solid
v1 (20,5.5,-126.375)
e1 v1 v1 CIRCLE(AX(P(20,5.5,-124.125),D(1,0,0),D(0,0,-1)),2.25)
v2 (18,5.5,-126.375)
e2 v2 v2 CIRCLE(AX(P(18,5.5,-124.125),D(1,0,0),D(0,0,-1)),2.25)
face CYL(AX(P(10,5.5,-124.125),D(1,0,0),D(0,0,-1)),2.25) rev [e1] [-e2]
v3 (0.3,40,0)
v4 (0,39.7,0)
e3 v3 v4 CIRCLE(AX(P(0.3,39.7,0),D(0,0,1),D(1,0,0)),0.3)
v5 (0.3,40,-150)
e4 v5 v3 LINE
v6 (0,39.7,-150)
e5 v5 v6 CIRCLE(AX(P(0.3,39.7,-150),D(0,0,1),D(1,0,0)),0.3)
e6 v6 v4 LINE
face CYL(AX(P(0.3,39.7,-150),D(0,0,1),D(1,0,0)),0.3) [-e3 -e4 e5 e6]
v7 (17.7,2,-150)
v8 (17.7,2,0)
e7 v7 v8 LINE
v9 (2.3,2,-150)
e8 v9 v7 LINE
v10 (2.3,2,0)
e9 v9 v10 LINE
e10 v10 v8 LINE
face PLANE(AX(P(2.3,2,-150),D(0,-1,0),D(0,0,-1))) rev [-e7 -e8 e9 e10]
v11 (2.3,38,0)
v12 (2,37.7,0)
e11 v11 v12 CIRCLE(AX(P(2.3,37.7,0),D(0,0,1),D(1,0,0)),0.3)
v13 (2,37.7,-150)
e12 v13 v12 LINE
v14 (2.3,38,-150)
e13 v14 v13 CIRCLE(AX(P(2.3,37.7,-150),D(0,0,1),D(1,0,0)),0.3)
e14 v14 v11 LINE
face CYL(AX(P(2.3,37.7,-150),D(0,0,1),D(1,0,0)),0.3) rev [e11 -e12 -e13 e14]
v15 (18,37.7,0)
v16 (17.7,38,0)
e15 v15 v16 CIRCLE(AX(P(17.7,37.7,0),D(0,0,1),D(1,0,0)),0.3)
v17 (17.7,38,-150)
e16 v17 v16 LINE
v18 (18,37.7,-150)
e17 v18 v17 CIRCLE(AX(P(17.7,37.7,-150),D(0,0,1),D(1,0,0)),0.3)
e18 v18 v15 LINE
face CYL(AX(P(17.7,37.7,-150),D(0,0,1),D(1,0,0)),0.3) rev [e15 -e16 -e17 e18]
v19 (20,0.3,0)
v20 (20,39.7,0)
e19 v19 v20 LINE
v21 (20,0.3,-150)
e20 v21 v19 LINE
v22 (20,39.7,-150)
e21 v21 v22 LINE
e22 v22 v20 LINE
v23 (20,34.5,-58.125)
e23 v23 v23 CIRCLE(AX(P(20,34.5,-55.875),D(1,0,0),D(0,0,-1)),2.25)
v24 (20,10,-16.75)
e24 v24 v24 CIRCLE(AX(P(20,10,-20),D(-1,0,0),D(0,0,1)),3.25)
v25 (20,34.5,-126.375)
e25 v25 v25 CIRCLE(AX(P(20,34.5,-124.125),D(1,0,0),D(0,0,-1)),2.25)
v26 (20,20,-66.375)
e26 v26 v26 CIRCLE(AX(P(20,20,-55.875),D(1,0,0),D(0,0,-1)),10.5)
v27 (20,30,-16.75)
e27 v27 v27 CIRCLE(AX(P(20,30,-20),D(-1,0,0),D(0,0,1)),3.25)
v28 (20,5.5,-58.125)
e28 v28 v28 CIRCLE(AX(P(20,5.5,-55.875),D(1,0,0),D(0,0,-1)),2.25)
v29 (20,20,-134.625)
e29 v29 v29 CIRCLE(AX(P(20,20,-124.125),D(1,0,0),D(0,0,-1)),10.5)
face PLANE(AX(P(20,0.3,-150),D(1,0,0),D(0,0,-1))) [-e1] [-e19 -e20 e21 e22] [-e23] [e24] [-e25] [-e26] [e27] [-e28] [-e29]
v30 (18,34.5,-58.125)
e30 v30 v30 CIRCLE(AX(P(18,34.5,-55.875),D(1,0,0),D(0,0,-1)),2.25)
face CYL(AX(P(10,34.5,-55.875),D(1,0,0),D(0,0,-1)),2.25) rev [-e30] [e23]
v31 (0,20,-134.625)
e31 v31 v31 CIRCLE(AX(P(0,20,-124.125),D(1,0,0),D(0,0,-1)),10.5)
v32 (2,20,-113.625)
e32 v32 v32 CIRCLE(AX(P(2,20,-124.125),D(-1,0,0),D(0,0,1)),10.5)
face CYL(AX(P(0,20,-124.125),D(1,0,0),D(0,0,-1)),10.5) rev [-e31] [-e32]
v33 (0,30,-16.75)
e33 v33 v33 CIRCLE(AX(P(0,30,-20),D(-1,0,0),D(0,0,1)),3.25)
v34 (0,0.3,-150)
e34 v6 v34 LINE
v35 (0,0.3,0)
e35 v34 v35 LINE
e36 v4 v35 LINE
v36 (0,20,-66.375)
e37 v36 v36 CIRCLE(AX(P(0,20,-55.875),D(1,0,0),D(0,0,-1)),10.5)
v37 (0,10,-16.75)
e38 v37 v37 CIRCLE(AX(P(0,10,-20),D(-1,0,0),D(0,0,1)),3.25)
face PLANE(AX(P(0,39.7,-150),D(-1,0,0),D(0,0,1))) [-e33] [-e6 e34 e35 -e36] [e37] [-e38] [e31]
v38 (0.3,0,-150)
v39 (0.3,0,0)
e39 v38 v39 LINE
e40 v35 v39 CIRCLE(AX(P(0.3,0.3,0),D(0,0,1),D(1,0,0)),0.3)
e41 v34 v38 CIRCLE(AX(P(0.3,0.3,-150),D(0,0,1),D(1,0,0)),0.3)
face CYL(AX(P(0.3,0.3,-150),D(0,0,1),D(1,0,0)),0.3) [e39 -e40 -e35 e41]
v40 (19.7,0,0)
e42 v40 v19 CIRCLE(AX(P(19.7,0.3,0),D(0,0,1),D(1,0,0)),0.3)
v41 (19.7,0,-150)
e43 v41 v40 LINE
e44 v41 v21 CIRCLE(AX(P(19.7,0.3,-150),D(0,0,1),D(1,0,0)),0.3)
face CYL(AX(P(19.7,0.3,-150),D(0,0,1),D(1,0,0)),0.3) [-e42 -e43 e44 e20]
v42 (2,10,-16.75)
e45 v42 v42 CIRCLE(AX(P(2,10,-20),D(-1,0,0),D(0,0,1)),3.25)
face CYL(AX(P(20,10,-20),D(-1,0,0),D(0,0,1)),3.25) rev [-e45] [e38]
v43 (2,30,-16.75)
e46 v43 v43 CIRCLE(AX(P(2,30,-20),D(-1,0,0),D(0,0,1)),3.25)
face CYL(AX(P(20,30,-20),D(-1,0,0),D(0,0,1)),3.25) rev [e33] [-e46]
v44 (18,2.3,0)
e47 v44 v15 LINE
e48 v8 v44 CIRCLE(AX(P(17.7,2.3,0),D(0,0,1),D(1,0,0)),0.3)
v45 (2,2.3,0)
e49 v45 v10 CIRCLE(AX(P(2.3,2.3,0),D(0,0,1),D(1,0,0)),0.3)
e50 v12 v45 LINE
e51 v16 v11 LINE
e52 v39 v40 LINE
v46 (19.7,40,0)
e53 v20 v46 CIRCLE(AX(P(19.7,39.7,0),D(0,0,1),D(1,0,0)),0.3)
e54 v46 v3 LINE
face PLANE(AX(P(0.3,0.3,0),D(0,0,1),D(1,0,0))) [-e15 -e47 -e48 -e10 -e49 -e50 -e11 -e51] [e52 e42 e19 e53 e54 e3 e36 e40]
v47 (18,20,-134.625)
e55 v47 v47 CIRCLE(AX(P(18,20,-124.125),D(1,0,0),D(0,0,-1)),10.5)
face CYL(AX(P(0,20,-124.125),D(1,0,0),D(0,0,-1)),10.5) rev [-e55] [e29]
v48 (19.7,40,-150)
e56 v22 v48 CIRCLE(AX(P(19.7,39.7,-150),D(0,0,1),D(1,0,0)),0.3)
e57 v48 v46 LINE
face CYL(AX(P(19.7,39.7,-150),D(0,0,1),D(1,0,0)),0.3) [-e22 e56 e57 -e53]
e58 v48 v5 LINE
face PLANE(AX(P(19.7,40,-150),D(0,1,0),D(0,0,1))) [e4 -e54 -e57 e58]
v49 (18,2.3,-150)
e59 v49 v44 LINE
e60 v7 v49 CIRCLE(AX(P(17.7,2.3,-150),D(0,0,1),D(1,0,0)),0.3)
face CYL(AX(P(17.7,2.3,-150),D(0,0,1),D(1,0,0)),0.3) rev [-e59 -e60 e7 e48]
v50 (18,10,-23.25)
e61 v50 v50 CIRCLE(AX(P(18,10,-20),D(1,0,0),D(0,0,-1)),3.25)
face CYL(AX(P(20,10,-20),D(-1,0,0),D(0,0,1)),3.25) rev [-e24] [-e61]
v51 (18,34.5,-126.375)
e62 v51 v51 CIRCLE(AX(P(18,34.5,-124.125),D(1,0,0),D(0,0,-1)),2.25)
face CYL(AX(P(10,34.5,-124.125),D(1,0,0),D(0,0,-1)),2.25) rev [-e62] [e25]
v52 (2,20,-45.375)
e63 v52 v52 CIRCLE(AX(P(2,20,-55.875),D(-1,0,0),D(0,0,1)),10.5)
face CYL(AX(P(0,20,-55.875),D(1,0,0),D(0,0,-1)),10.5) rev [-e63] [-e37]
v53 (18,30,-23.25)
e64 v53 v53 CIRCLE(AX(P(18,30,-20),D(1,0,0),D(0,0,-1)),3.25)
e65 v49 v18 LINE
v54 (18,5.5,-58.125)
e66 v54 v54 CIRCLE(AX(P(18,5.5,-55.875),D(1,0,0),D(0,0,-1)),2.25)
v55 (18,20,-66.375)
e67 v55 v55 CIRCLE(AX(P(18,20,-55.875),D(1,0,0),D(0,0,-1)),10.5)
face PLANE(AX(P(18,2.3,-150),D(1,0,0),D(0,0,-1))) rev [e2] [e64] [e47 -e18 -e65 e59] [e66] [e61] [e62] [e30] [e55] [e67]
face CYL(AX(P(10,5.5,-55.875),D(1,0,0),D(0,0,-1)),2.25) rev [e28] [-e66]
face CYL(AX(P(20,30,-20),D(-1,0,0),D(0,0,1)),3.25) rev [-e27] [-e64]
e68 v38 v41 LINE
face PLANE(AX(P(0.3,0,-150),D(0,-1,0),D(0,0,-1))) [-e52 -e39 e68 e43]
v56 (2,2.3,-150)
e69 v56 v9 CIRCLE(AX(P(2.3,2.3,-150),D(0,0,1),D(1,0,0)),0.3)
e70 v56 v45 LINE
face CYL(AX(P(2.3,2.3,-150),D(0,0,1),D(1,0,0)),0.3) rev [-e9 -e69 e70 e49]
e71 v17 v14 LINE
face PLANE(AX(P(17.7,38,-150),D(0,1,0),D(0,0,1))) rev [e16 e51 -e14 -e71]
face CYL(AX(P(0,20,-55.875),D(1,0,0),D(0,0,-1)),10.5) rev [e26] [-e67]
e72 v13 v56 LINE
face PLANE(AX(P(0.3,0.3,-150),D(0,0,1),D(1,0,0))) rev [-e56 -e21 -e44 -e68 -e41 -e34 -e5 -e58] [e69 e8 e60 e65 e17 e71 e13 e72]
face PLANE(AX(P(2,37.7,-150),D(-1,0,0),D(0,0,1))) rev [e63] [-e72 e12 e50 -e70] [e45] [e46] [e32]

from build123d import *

# Parameters (mm, degrees)
EXTRUDE_1_DEPTH     = 150
SKETCH_2_R          = 3.25
CUT_EXTRUDE_1_DEPTH = 157.524758425
SKETCH_3_R          = 10.5
CUT_EXTRUDE_2_DEPTH = 157.524758425
SKETCH_4_R          = 10.5
CUT_EXTRUDE_3_DEPTH = 157.524758425
SKETCH_5_R          = 2.25
CUT_EXTRUDE_4_DEPTH = 10
SKETCH_5_4_R        = 2.25
CUT_EXTRUDE_5_DEPTH = 10


with BuildPart() as part:
    # ｽｹｯﾁ1 → ﾎﾞｽ - 押し出し1 (new body)
    with BuildSketch(Plane.XY):
        with BuildLine():
            Line((0.3, 0), (19.7, 0))
            ThreePointArc((19.7, 0), (19.912132034, 0.087867966), (20, 0.3))
            Line((20, 0.3), (20, 39.7))
            ThreePointArc((20, 39.7), (19.912132034, 39.912132034), (19.7, 40))
            Line((19.7, 40), (0.3, 40))
            ThreePointArc((0.3, 40), (0.087867966, 39.912132034), (0, 39.7))
            Line((0, 39.7), (0, 0.3))
            ThreePointArc((0, 0.3), (0.087867966, 0.087867966), (0.3, 0))
        make_face()
        with BuildLine():
            Line((2.3, 2), (17.7, 2))
            ThreePointArc((17.7, 2), (17.912132034, 2.087867966), (18, 2.3))
            Line((18, 2.3), (18, 37.7))
            ThreePointArc((18, 37.7), (17.912132034, 37.912132034), (17.7, 38))
            Line((17.7, 38), (2.3, 38))
            ThreePointArc((2.3, 38), (2.087867966, 37.912132034), (2, 37.7))
            Line((2, 37.7), (2, 2.3))
            ThreePointArc((2, 2.3), (2.087867966, 2.087867966), (2.3, 2))
        make_face(mode=Mode.SUBTRACT)
    extrude(amount=-EXTRUDE_1_DEPTH)

    # ｽｹｯﾁ2 → ｶｯﾄ - 押し出し1 (cut, through all)
    with BuildSketch(Plane.ZY):
        with Locations((-20, 30)):
            Circle(SKETCH_2_R)
        with Locations((-20, 10)):
            Circle(SKETCH_2_R)
    extrude(amount=-CUT_EXTRUDE_1_DEPTH, mode=Mode.SUBTRACT)

    # ｽｹｯﾁ3 → ｶｯﾄ - 押し出し2 (cut, through all)
    with BuildSketch(Plane(origin=(20, 0, 0), x_dir=(0, 0, -1), z_dir=(1, 0, 0))):
        with Locations((124.125, 20)):
            Circle(SKETCH_3_R)
    extrude(amount=-CUT_EXTRUDE_2_DEPTH, mode=Mode.SUBTRACT)

    # ｽｹｯﾁ4 → ｶｯﾄ - 押し出し3 (cut, through all)
    with BuildSketch(Plane(origin=(20, 0, 0), x_dir=(0, 0, -1), z_dir=(1, 0, 0))):
        with Locations((55.875, 20)):
            Circle(SKETCH_4_R)
    extrude(amount=-CUT_EXTRUDE_3_DEPTH, mode=Mode.SUBTRACT)

    # ｽｹｯﾁ5 → ｶｯﾄ - 押し出し4 (cut)
    with BuildSketch(Plane(origin=(20, 0, 0), x_dir=(0, 0, -1), z_dir=(1, 0, 0))):
        with Locations((124.125, 5.5)):
            Circle(SKETCH_5_R)
    extrude(amount=-CUT_EXTRUDE_4_DEPTH, mode=Mode.SUBTRACT)

    # ｽｹｯﾁ5<4> → ｶｯﾄ - 押し出し5 (cut)
    with BuildSketch(Plane(origin=(20, 0, 0), x_dir=(0, 0, -1), z_dir=(1, 0, 0))):
        with Locations((55.875, 34.5)):
            Circle(SKETCH_5_4_R)
        with Locations((55.875, 5.5)):
            Circle(SKETCH_5_4_R)
        with Locations((124.125, 5.5)):
            Circle(SKETCH_5_4_R)
        with Locations((124.125, 34.5)):
            Circle(SKETCH_5_4_R)
    extrude(amount=-CUT_EXTRUDE_5_DEPTH, mode=Mode.SUBTRACT)


solid = part.part
